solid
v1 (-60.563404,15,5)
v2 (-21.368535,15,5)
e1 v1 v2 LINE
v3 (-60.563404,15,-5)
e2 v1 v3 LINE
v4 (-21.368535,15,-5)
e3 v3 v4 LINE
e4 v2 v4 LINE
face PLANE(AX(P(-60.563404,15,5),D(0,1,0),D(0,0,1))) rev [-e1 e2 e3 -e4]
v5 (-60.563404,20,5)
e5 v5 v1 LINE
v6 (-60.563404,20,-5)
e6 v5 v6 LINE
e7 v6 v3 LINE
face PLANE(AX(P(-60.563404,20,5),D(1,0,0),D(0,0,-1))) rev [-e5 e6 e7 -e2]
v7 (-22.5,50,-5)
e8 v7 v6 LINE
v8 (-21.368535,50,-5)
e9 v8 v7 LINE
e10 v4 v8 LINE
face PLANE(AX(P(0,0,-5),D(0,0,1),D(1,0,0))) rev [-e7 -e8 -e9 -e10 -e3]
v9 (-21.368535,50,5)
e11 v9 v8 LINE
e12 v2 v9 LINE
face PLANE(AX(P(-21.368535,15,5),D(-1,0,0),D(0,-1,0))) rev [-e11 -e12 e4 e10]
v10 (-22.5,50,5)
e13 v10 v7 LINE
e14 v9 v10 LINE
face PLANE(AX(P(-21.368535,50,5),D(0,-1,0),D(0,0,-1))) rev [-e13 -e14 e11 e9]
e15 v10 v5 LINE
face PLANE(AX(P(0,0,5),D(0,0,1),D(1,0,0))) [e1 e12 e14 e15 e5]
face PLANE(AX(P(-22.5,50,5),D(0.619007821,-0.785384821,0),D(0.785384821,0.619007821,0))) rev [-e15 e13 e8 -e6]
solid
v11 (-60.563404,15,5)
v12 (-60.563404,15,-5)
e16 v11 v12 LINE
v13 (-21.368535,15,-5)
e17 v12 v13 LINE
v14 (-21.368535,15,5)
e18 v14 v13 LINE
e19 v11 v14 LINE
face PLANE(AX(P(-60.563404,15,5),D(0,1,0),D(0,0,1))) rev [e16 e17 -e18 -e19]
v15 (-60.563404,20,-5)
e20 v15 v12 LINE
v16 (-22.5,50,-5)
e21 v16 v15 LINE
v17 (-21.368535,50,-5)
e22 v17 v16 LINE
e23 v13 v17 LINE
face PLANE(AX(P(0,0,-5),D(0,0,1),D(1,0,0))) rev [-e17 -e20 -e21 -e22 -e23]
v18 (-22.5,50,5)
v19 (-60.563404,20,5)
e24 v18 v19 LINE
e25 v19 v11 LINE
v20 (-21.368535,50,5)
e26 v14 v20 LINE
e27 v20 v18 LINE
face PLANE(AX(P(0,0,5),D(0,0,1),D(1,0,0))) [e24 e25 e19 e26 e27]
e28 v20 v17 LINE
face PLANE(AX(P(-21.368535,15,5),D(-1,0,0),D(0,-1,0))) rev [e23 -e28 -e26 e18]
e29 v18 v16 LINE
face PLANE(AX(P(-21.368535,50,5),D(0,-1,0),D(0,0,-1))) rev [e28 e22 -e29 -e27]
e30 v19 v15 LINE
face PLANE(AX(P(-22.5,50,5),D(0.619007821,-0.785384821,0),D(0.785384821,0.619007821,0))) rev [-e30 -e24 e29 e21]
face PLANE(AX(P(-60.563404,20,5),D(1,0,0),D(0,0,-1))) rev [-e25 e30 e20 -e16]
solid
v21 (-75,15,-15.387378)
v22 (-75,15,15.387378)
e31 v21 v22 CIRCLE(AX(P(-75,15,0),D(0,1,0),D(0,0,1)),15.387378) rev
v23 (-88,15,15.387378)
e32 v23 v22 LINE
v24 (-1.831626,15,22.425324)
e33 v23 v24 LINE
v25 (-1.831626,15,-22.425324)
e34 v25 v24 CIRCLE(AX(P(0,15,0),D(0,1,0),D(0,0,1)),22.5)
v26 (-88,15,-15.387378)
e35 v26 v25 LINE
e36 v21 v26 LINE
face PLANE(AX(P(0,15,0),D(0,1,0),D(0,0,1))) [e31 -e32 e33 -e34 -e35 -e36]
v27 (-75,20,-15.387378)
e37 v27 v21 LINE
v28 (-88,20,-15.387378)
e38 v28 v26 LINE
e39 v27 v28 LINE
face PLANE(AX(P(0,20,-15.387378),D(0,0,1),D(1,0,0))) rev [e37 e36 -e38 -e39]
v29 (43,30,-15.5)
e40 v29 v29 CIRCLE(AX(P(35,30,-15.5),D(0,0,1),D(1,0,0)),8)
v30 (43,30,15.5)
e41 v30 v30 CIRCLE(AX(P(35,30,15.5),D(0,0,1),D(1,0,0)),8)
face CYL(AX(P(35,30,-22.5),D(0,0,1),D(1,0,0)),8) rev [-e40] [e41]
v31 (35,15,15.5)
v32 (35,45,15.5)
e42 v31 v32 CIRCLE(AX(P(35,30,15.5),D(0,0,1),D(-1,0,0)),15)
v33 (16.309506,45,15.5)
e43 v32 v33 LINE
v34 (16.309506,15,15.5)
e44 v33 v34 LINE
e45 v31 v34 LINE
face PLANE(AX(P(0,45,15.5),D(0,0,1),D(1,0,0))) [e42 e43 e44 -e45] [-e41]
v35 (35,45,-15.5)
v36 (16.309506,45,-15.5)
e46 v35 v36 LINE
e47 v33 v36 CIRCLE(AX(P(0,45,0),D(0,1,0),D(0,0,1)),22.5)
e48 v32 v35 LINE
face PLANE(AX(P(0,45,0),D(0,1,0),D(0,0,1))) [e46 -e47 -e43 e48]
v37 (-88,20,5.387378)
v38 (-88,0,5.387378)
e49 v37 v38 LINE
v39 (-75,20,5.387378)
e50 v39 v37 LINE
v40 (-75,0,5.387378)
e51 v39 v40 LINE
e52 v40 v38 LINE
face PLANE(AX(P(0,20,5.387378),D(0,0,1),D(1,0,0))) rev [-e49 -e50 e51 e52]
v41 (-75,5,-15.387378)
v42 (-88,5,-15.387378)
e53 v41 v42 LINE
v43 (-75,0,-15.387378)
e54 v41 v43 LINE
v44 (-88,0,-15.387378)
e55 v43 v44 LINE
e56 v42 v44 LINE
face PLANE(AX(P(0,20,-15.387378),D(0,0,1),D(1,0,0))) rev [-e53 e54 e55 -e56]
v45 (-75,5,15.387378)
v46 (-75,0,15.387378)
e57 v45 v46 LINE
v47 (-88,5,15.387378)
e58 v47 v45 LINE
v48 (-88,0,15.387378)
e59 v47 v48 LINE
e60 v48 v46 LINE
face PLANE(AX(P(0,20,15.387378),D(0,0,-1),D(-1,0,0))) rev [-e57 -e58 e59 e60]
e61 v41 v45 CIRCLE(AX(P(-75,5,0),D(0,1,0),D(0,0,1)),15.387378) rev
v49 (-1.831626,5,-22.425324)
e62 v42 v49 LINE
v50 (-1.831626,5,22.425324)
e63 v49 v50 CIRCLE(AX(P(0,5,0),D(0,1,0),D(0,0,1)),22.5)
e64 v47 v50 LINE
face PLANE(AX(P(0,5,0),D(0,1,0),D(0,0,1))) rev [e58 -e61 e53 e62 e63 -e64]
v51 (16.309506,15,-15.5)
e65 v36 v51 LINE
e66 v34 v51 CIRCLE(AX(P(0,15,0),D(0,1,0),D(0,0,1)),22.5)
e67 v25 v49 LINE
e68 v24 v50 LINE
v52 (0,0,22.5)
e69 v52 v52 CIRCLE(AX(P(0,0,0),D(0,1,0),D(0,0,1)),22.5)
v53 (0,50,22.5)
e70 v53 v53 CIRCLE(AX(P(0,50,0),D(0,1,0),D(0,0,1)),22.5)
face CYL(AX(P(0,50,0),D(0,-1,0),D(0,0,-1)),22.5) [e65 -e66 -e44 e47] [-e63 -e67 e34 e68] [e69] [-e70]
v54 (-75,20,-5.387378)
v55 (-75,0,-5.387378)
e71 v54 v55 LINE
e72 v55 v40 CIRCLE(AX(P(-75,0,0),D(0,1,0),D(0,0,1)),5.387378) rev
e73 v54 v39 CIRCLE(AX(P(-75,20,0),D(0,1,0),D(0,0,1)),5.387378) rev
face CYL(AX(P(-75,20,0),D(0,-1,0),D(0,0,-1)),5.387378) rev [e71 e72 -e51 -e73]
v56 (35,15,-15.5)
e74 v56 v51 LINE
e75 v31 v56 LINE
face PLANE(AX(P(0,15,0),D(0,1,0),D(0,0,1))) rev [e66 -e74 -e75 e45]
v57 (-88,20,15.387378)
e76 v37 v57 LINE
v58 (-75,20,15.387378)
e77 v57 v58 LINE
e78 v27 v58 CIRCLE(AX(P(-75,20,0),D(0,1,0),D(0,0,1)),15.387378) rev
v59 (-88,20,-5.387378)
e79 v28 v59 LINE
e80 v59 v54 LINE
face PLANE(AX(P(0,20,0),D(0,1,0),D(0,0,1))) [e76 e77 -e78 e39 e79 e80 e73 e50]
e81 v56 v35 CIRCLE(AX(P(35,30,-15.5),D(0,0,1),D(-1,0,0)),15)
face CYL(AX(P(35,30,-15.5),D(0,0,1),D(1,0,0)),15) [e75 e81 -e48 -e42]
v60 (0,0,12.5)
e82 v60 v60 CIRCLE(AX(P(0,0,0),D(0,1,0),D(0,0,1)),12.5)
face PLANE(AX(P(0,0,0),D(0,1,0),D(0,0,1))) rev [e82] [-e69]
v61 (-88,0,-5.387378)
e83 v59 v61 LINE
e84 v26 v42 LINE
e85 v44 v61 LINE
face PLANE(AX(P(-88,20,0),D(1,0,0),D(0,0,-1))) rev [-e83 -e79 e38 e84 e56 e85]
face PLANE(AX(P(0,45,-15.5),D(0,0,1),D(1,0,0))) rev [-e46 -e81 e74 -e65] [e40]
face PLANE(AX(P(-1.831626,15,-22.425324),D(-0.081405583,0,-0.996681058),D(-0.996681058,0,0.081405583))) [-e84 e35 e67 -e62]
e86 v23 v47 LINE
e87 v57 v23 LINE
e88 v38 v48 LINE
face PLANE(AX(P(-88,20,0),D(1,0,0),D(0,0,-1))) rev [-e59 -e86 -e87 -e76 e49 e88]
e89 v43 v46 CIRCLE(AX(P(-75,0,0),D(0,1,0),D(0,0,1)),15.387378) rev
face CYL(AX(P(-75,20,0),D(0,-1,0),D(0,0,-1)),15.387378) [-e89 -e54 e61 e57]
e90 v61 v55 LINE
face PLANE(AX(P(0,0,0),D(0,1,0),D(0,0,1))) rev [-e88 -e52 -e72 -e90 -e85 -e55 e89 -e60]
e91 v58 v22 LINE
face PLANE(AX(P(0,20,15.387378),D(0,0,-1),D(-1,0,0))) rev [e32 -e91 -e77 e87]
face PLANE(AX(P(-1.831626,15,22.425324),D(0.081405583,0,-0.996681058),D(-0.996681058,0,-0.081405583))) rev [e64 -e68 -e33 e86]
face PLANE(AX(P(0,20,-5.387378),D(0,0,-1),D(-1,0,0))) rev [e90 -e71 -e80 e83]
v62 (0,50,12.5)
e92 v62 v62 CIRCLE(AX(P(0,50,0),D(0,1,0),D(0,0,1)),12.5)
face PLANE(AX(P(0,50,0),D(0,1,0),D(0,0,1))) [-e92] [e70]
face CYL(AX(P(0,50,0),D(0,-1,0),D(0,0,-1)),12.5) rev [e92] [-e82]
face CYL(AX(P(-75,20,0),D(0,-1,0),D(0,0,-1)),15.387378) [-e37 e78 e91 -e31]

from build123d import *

# Parameters (mm, degrees)
SKETCH1_R               = 22.5
SKETCH1_R_2             = 12.5
BOSS_EXTRUDE1_DEPTH     = 50
BOSS_EXTRUDE2_DEPTH     = 20
BOSS_EXTRUDE4_START     = 5
BOSS_EXTRUDE4_DEPTH     = 10
BOSS_EXTRUDE5_START     = 15
BOSS_EXTRUDE5_DEPTH     = 30
BOSS_EXTRUDE9_DEPTH     = 5
BOSS_EXTRUDE10_DEPTH    = 31
CUT_EXTRUDE1_DEPTH      = 109.111054014
CUT_EXTRUDE1_DEPTH_BACK = 109.111054014
SKETCH13_R              = 8
BOSS_EXTRUDE11_DEPTH    = 5


with BuildPart() as part:
    # Sketch1 → Boss-Extrude1 (new body)
    with BuildSketch(Plane(origin=(0, 0, 0), x_dir=(1, 0, 0), z_dir=(0, 1, 0))):
        Circle(SKETCH1_R)
        Circle(SKETCH1_R_2, mode=Mode.SUBTRACT)
    extrude(amount=BOSS_EXTRUDE1_DEPTH)



with BuildPart() as body_2:
    # Sketch1<4> → Boss-Extrude2 (new body)
    with BuildSketch(Plane(origin=(0, 0, 0), x_dir=(1, 0, 0), z_dir=(0, 1, 0))):
        with BuildLine():
            ThreePointArc((-74.999999995, -15.38737848), (-59.61262152, 3e-09), (-75, 15.38737848))
            Line((-75, 15.38737848), (-88, 15.38737848))
            Line((-88, 15.38737848), (-88, 5.38737848))
            Line((-88, 5.38737848), (-75, 5.38737848))
            ThreePointArc((-75, 5.38737848), (-69.61262152, 0), (-75, -5.38737848))
            Line((-75, -5.38737848), (-87.999999995, -5.38737848))
            Line((-87.999999995, -5.38737848), (-87.999999995, -15.38737848))
            Line((-87.999999995, -15.38737848), (-74.999999995, -15.38737848))
        make_face()
    extrude(amount=BOSS_EXTRUDE2_DEPTH)


with BuildPart() as part_1:
    add(part.part)

    add(body_2.part)  # Boss-Extrude4 merges body 2
    # Sketch1<6> → Boss-Extrude4 (add)
    with BuildSketch(Plane(origin=(0, 0, 0), x_dir=(1, 0, 0), z_dir=(0, 1, 0)).offset(BOSS_EXTRUDE4_START)):
        with BuildLine():
            ThreePointArc((-1.831625627, -22.425323801), (-22.5, 0), (-1.831625627, 22.425323801))
            Line((-1.831625627, 22.425323801), (-88, 15.38737848))
            Line((-88, 15.38737848), (-75, 15.38737848))
            ThreePointArc((-75, 15.38737848), (-59.61262152, 3e-09), (-74.999999995, -15.38737848))
            Line((-74.999999995, -15.38737848), (-87.999999995, -15.38737848))
            Line((-87.999999995, -15.38737848), (-1.831625627, -22.425323801))
        make_face()
    extrude(amount=BOSS_EXTRUDE4_DEPTH)

    # Sketch1<7> → Boss-Extrude5 (add)
    with BuildSketch(Plane(origin=(0, 0, 0), x_dir=(1, 0, 0), z_dir=(0, 1, 0)).offset(BOSS_EXTRUDE5_START)):
        with BuildLine():
            ThreePointArc((16.30950643, 15.5), (22.5, 0), (16.30950643, -15.5))
            Line((16.30950643, -15.5), (35, -15.5))
            Line((35, -15.5), (35, 15.5))
            Line((35, 15.5), (16.30950643, 15.5))
        make_face()
    extrude(amount=BOSS_EXTRUDE5_DEPTH)

    # Sketch12 → Boss-Extrude10 (add)
    with BuildSketch(Plane.XY.offset(15.5)):
        with BuildLine():
            Line((35, 45), (35, 15))
            ThreePointArc((35, 15), (50, 30), (35, 45))
        make_face()
    extrude(amount=-BOSS_EXTRUDE10_DEPTH)

    # Sketch13 → Cut-Extrude1 (cut, two sides: drawn at the far end of the back side and taken through both)
    with BuildSketch(Plane.XY.offset(15.5).offset(-CUT_EXTRUDE1_DEPTH_BACK)):
        with Locations((35, 30)):
            Circle(SKETCH13_R)
    extrude(amount=CUT_EXTRUDE1_DEPTH + CUT_EXTRUDE1_DEPTH_BACK, mode=Mode.SUBTRACT)


with BuildPart() as body_2_2:
    # Sketch9 → Boss-Extrude9 (new, symmetric)
    with BuildSketch(Plane.XY):
        Polygon((-21.368534633, 50), (-22.5, 50), (-60.563403799, 20), (-60.563403799, 15), (-21.368534633, 15), align=None)
    extrude(amount=BOSS_EXTRUDE9_DEPTH, both=True)


with BuildPart() as body_3:
    # Sketch9<2> → Boss-Extrude11 (new, symmetric)
    with BuildSketch(Plane.XY):
        Polygon((-21.368534633, 50), (-22.5, 50), (-60.563403799, 20), (-60.563403799, 15), (-21.368534633, 15), align=None)
    extrude(amount=BOSS_EXTRUDE11_DEPTH, both=True)


solid = Compound([part_1.part, body_2_2.part, body_3.part])
